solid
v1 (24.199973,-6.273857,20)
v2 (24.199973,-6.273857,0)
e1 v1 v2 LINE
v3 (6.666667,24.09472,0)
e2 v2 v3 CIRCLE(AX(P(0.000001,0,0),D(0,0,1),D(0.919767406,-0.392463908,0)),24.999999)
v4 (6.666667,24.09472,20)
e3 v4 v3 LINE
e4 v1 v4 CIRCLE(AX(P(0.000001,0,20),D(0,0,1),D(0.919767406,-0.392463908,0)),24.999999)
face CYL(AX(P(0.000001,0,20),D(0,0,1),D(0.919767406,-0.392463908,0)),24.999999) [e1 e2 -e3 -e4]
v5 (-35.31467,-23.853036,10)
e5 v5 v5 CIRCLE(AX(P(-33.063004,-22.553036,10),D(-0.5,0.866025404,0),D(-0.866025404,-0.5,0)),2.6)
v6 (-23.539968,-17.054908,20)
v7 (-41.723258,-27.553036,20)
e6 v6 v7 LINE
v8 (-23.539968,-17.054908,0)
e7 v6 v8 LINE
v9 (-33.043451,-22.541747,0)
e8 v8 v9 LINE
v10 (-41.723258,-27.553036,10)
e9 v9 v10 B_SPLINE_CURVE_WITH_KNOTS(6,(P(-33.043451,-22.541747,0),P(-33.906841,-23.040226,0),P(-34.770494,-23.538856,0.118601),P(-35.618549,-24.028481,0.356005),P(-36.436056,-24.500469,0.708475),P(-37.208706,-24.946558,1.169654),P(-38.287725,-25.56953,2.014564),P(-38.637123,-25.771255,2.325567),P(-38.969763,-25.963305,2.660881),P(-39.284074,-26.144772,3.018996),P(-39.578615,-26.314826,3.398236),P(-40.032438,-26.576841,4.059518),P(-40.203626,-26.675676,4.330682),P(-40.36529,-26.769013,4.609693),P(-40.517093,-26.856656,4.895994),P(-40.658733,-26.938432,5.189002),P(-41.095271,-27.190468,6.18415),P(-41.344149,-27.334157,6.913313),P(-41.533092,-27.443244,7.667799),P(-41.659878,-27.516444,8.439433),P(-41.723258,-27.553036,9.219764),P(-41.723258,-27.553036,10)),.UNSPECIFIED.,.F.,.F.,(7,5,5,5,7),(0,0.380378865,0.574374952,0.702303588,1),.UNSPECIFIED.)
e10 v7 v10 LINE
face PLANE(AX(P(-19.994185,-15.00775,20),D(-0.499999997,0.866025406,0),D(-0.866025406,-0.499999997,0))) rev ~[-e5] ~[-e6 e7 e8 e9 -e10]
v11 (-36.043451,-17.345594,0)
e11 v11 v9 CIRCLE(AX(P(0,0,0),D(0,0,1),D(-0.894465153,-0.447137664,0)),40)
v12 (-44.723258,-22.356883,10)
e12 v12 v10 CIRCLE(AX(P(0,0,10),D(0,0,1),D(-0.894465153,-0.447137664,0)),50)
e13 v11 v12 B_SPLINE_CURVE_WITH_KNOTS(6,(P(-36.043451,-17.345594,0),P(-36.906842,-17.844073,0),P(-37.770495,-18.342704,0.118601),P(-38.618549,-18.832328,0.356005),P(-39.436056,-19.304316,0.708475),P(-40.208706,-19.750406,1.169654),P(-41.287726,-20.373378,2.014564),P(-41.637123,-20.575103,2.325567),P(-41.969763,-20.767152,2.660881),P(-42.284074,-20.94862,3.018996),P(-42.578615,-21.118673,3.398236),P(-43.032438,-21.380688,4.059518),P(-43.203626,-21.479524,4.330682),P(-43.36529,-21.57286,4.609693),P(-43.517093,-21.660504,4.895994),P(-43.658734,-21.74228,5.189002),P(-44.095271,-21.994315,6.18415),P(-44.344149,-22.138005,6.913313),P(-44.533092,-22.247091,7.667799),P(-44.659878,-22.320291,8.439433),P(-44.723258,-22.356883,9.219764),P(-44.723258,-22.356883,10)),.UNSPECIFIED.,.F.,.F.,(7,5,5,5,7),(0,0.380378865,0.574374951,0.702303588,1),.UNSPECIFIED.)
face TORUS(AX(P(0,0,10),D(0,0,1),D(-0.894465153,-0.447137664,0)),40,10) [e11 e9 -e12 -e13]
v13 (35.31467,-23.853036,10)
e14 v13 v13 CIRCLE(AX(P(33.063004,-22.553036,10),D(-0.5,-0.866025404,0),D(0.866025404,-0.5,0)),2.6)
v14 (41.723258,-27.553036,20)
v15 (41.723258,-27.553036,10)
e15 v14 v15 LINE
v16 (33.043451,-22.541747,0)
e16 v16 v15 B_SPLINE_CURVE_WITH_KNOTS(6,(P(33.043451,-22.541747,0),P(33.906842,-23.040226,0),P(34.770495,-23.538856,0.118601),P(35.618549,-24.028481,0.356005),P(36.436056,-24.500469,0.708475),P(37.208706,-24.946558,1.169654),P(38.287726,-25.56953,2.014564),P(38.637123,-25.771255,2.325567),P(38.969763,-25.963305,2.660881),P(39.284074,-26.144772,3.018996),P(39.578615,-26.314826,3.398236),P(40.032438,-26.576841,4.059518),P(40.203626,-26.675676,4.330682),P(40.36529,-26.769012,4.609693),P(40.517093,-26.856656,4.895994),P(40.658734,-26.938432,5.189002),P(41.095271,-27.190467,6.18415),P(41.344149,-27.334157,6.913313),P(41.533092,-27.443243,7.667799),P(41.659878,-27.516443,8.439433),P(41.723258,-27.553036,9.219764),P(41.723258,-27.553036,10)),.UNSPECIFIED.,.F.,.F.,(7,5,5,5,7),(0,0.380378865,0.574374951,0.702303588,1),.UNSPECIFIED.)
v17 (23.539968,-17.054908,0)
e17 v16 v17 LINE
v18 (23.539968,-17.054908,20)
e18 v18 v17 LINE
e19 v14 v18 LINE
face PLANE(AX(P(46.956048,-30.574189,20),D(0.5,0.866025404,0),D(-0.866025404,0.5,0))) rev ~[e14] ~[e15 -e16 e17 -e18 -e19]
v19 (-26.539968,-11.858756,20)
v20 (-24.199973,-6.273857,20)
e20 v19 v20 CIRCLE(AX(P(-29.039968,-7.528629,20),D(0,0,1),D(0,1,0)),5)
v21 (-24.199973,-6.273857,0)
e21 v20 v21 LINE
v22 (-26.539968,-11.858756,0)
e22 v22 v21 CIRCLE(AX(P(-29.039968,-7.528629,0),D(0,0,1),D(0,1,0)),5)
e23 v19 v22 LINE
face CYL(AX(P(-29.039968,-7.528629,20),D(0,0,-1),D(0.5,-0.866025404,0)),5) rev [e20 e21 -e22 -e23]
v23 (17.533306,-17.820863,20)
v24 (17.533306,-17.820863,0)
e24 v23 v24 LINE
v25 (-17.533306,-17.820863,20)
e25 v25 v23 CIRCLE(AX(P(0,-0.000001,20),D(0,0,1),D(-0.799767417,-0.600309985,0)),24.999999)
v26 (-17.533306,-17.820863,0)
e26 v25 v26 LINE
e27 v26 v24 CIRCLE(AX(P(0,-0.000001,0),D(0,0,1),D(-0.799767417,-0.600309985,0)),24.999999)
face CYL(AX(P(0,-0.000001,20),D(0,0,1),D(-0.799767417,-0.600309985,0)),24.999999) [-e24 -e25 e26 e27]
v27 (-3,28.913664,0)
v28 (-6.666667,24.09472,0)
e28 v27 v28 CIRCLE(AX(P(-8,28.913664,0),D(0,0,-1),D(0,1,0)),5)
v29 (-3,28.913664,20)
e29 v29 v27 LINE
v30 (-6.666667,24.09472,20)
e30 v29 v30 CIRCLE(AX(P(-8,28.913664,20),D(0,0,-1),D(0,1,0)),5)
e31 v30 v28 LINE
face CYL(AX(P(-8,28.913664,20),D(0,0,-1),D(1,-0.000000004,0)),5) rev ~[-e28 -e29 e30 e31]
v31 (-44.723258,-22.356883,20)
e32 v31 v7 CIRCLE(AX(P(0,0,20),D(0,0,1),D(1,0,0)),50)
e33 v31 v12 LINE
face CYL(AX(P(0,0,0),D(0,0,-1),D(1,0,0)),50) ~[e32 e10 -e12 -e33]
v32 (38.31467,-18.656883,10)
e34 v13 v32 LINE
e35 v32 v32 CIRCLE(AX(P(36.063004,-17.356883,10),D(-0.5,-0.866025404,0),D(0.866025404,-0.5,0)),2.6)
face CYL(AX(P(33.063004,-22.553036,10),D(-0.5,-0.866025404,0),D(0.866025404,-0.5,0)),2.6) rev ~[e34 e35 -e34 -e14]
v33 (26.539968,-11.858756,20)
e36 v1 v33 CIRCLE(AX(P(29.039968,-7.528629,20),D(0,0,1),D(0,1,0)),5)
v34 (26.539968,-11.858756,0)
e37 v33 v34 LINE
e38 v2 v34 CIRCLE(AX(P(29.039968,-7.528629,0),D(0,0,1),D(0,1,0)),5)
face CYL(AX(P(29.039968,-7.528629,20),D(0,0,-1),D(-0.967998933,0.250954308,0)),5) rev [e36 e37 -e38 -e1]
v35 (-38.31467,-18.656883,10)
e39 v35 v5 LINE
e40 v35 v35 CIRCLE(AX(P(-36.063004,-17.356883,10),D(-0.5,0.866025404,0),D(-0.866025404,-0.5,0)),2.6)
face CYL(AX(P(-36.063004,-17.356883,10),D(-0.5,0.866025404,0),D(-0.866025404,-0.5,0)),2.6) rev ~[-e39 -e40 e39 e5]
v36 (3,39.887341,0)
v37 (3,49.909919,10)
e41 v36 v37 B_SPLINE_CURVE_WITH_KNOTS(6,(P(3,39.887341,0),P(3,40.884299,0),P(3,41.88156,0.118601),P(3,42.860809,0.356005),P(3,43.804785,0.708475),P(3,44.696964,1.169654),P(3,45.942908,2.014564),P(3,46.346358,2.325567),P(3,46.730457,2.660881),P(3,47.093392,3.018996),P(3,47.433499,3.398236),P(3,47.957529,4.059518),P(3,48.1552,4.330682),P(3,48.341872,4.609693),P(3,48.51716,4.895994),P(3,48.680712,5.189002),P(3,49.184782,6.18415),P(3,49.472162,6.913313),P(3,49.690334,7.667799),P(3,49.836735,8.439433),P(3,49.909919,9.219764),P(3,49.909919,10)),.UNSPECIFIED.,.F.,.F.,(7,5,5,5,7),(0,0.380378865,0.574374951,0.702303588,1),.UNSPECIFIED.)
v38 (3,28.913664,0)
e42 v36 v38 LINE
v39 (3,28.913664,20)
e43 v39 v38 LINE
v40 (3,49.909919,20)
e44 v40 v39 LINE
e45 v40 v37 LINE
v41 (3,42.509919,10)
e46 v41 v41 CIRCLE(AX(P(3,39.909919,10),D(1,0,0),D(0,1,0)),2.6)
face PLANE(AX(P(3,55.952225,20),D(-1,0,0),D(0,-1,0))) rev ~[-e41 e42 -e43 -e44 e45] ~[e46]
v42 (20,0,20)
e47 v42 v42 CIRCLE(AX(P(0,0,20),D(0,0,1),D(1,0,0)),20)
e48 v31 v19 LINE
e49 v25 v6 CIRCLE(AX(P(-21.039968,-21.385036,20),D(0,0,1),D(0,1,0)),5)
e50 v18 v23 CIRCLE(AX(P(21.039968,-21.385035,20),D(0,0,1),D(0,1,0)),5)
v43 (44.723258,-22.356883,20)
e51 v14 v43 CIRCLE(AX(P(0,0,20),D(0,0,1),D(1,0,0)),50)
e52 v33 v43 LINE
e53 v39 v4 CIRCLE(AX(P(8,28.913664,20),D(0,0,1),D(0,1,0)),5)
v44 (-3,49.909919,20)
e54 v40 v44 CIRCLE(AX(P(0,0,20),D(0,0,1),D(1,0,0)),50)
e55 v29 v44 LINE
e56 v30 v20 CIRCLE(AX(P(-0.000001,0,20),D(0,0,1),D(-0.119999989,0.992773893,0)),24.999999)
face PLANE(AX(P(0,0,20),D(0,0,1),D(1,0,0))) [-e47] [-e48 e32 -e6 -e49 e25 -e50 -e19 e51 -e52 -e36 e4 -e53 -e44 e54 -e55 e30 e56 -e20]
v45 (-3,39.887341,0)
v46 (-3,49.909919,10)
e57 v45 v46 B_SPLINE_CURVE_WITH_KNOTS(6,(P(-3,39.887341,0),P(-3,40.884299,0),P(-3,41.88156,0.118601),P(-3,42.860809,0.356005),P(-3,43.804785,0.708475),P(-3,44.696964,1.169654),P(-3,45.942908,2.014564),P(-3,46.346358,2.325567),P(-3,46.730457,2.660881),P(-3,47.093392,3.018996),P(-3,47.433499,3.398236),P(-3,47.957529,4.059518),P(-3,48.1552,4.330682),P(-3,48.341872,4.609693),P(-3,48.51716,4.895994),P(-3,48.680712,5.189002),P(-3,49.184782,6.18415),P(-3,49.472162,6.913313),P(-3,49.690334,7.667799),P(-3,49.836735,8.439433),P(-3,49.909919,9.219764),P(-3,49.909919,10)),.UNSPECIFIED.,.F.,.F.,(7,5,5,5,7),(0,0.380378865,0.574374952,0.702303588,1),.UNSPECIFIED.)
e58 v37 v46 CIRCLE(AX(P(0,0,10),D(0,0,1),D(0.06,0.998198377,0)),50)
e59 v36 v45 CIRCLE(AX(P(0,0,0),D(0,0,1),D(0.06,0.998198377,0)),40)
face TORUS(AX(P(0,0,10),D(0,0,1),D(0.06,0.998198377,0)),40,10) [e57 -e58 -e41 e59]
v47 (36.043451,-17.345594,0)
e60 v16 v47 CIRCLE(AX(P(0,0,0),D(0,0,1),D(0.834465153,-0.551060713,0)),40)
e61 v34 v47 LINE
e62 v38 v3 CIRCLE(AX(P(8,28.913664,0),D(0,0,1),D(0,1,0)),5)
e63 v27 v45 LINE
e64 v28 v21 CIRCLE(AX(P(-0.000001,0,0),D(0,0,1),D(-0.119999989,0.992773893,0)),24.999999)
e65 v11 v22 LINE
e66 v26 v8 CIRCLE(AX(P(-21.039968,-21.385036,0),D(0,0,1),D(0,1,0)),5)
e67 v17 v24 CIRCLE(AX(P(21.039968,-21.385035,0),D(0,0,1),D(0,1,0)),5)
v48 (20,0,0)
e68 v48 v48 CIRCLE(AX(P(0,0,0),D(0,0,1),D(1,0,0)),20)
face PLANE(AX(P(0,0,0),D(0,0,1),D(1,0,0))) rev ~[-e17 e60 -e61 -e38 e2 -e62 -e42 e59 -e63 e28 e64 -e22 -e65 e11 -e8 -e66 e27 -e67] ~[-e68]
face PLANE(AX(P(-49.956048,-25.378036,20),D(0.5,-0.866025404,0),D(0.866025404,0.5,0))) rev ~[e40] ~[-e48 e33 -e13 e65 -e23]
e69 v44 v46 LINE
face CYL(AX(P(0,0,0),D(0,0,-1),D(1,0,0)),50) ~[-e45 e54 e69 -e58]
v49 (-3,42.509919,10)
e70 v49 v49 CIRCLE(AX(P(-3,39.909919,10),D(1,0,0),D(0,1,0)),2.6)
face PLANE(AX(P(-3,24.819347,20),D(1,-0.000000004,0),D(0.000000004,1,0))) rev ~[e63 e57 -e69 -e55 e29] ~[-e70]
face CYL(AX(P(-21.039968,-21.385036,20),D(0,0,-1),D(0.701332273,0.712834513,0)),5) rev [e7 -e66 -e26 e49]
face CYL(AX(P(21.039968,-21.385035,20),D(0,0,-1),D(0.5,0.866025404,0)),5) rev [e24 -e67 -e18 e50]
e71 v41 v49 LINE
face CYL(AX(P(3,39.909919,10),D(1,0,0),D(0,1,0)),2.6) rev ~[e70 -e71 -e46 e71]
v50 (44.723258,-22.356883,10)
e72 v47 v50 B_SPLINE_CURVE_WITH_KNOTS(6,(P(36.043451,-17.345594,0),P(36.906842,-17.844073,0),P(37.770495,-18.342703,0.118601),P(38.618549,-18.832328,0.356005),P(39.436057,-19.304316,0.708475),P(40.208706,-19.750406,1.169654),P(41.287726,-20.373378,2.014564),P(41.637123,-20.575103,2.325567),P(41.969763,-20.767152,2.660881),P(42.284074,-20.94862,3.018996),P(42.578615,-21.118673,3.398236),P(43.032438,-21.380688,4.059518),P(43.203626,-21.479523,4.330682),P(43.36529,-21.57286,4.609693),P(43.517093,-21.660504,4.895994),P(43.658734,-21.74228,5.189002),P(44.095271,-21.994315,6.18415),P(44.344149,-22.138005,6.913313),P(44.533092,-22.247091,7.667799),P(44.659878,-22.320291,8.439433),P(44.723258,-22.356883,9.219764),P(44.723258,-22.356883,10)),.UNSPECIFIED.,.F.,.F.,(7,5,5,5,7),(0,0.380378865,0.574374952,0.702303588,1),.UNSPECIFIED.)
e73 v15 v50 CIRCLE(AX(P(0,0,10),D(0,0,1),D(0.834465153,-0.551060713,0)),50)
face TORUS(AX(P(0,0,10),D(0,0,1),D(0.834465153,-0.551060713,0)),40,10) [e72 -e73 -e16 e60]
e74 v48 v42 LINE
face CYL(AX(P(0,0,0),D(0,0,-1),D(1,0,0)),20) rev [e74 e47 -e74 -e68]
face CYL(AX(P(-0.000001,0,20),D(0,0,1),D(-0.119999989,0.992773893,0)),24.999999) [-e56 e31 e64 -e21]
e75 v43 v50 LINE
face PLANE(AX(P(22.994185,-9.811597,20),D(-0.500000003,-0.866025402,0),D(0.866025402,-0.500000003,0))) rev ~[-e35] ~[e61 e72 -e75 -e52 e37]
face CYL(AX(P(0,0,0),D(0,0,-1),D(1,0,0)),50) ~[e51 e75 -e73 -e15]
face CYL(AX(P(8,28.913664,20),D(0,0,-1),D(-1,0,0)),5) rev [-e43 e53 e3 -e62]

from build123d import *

# Parameters (mm, degrees)
SKETCH_R              = 50
SKETCH_R_2            = 20
PAD_DEPTH             = 20
POCKET_DEPTH          = 305.658137
POLARPATTERN_COUNT    = 3
SKETCH003_R           = 2.6
POCKET002_DEPTH       = 287.850495
POLARPATTERN001_COUNT = 3
FILLET_R              = 5
FILLET001_R           = 10


with BuildPart() as part:
    # Sketch → Pad (new body)
    with BuildSketch(Plane.XY):
        Circle(SKETCH_R)
        Circle(SKETCH_R_2, mode=Mode.SUBTRACT)
    extrude(amount=PAD_DEPTH)

    # Sketch001 (on Face4 of Pad) → Pocket (cut, through all)
    with BuildSketch(Plane.XY.offset(20)):
        with BuildLine():
            ThreePointArc((22.994185, -9.811597), (21.650635, 12.5), (3, 24.819347))
            Line((3, 55.952225), (3, 24.819347))
            ThreePointArc((49.956048, -25.378036), (48.525649, 28.016297), (3, 55.952225))
            Line((22.994185, -9.811597), (49.956048, -25.378036))
        make_face()
    pocket = extrude(amount=-POCKET_DEPTH, mode=Mode.SUBTRACT)

    # PolarPattern: Pocket ×3 about axis
    polarpattern_axis = Axis((0, 0, 20), (0, 0, 1))
    for i in range(1, POLARPATTERN_COUNT):
        add(pocket.rotate(polarpattern_axis, i * 360 / POLARPATTERN_COUNT), mode=Mode.SUBTRACT)

    # Sketch003 → Pocket002 (cut, through all)
    with BuildSketch(Plane.YZ.offset(3)):
        with Locations((39.909919, 10)):
            Circle(SKETCH003_R)
    pocket002 = extrude(amount=-POCKET002_DEPTH, mode=Mode.SUBTRACT)

    # PolarPattern001: Pocket002 ×3 about axis
    polarpattern001_axis = Axis((0, 0, 0), (0, 0, 1))
    for i in range(1, POLARPATTERN001_COUNT):
        add(pocket002.rotate(polarpattern001_axis, i * 360 / POLARPATTERN001_COUNT), mode=Mode.SUBTRACT)

    # Fillet
    fillet_edges = [part.edges().sort_by_distance(p)[0] for p in [
        (-22.994185, -9.811597, 10),
        (-19.994185, -15.00775, 10),
        (19.994185, -15.00775, 10),
        (22.994185, -9.811597, 10),
        (3, 24.819347, 10),
        (-3, 24.819347, 10),
    ]]
    fillet(fillet_edges, radius=FILLET_R)

    # Fillet001
    fillet001_edges = [part.edges().sort_by_distance(p)[0] for p in [
        (0, 50, 0),
        (-43.30127, -25, 0),
        (43.30127, -25, 0),
    ]]
    fillet(fillet001_edges, radius=FILLET001_R)


solid = part.part
